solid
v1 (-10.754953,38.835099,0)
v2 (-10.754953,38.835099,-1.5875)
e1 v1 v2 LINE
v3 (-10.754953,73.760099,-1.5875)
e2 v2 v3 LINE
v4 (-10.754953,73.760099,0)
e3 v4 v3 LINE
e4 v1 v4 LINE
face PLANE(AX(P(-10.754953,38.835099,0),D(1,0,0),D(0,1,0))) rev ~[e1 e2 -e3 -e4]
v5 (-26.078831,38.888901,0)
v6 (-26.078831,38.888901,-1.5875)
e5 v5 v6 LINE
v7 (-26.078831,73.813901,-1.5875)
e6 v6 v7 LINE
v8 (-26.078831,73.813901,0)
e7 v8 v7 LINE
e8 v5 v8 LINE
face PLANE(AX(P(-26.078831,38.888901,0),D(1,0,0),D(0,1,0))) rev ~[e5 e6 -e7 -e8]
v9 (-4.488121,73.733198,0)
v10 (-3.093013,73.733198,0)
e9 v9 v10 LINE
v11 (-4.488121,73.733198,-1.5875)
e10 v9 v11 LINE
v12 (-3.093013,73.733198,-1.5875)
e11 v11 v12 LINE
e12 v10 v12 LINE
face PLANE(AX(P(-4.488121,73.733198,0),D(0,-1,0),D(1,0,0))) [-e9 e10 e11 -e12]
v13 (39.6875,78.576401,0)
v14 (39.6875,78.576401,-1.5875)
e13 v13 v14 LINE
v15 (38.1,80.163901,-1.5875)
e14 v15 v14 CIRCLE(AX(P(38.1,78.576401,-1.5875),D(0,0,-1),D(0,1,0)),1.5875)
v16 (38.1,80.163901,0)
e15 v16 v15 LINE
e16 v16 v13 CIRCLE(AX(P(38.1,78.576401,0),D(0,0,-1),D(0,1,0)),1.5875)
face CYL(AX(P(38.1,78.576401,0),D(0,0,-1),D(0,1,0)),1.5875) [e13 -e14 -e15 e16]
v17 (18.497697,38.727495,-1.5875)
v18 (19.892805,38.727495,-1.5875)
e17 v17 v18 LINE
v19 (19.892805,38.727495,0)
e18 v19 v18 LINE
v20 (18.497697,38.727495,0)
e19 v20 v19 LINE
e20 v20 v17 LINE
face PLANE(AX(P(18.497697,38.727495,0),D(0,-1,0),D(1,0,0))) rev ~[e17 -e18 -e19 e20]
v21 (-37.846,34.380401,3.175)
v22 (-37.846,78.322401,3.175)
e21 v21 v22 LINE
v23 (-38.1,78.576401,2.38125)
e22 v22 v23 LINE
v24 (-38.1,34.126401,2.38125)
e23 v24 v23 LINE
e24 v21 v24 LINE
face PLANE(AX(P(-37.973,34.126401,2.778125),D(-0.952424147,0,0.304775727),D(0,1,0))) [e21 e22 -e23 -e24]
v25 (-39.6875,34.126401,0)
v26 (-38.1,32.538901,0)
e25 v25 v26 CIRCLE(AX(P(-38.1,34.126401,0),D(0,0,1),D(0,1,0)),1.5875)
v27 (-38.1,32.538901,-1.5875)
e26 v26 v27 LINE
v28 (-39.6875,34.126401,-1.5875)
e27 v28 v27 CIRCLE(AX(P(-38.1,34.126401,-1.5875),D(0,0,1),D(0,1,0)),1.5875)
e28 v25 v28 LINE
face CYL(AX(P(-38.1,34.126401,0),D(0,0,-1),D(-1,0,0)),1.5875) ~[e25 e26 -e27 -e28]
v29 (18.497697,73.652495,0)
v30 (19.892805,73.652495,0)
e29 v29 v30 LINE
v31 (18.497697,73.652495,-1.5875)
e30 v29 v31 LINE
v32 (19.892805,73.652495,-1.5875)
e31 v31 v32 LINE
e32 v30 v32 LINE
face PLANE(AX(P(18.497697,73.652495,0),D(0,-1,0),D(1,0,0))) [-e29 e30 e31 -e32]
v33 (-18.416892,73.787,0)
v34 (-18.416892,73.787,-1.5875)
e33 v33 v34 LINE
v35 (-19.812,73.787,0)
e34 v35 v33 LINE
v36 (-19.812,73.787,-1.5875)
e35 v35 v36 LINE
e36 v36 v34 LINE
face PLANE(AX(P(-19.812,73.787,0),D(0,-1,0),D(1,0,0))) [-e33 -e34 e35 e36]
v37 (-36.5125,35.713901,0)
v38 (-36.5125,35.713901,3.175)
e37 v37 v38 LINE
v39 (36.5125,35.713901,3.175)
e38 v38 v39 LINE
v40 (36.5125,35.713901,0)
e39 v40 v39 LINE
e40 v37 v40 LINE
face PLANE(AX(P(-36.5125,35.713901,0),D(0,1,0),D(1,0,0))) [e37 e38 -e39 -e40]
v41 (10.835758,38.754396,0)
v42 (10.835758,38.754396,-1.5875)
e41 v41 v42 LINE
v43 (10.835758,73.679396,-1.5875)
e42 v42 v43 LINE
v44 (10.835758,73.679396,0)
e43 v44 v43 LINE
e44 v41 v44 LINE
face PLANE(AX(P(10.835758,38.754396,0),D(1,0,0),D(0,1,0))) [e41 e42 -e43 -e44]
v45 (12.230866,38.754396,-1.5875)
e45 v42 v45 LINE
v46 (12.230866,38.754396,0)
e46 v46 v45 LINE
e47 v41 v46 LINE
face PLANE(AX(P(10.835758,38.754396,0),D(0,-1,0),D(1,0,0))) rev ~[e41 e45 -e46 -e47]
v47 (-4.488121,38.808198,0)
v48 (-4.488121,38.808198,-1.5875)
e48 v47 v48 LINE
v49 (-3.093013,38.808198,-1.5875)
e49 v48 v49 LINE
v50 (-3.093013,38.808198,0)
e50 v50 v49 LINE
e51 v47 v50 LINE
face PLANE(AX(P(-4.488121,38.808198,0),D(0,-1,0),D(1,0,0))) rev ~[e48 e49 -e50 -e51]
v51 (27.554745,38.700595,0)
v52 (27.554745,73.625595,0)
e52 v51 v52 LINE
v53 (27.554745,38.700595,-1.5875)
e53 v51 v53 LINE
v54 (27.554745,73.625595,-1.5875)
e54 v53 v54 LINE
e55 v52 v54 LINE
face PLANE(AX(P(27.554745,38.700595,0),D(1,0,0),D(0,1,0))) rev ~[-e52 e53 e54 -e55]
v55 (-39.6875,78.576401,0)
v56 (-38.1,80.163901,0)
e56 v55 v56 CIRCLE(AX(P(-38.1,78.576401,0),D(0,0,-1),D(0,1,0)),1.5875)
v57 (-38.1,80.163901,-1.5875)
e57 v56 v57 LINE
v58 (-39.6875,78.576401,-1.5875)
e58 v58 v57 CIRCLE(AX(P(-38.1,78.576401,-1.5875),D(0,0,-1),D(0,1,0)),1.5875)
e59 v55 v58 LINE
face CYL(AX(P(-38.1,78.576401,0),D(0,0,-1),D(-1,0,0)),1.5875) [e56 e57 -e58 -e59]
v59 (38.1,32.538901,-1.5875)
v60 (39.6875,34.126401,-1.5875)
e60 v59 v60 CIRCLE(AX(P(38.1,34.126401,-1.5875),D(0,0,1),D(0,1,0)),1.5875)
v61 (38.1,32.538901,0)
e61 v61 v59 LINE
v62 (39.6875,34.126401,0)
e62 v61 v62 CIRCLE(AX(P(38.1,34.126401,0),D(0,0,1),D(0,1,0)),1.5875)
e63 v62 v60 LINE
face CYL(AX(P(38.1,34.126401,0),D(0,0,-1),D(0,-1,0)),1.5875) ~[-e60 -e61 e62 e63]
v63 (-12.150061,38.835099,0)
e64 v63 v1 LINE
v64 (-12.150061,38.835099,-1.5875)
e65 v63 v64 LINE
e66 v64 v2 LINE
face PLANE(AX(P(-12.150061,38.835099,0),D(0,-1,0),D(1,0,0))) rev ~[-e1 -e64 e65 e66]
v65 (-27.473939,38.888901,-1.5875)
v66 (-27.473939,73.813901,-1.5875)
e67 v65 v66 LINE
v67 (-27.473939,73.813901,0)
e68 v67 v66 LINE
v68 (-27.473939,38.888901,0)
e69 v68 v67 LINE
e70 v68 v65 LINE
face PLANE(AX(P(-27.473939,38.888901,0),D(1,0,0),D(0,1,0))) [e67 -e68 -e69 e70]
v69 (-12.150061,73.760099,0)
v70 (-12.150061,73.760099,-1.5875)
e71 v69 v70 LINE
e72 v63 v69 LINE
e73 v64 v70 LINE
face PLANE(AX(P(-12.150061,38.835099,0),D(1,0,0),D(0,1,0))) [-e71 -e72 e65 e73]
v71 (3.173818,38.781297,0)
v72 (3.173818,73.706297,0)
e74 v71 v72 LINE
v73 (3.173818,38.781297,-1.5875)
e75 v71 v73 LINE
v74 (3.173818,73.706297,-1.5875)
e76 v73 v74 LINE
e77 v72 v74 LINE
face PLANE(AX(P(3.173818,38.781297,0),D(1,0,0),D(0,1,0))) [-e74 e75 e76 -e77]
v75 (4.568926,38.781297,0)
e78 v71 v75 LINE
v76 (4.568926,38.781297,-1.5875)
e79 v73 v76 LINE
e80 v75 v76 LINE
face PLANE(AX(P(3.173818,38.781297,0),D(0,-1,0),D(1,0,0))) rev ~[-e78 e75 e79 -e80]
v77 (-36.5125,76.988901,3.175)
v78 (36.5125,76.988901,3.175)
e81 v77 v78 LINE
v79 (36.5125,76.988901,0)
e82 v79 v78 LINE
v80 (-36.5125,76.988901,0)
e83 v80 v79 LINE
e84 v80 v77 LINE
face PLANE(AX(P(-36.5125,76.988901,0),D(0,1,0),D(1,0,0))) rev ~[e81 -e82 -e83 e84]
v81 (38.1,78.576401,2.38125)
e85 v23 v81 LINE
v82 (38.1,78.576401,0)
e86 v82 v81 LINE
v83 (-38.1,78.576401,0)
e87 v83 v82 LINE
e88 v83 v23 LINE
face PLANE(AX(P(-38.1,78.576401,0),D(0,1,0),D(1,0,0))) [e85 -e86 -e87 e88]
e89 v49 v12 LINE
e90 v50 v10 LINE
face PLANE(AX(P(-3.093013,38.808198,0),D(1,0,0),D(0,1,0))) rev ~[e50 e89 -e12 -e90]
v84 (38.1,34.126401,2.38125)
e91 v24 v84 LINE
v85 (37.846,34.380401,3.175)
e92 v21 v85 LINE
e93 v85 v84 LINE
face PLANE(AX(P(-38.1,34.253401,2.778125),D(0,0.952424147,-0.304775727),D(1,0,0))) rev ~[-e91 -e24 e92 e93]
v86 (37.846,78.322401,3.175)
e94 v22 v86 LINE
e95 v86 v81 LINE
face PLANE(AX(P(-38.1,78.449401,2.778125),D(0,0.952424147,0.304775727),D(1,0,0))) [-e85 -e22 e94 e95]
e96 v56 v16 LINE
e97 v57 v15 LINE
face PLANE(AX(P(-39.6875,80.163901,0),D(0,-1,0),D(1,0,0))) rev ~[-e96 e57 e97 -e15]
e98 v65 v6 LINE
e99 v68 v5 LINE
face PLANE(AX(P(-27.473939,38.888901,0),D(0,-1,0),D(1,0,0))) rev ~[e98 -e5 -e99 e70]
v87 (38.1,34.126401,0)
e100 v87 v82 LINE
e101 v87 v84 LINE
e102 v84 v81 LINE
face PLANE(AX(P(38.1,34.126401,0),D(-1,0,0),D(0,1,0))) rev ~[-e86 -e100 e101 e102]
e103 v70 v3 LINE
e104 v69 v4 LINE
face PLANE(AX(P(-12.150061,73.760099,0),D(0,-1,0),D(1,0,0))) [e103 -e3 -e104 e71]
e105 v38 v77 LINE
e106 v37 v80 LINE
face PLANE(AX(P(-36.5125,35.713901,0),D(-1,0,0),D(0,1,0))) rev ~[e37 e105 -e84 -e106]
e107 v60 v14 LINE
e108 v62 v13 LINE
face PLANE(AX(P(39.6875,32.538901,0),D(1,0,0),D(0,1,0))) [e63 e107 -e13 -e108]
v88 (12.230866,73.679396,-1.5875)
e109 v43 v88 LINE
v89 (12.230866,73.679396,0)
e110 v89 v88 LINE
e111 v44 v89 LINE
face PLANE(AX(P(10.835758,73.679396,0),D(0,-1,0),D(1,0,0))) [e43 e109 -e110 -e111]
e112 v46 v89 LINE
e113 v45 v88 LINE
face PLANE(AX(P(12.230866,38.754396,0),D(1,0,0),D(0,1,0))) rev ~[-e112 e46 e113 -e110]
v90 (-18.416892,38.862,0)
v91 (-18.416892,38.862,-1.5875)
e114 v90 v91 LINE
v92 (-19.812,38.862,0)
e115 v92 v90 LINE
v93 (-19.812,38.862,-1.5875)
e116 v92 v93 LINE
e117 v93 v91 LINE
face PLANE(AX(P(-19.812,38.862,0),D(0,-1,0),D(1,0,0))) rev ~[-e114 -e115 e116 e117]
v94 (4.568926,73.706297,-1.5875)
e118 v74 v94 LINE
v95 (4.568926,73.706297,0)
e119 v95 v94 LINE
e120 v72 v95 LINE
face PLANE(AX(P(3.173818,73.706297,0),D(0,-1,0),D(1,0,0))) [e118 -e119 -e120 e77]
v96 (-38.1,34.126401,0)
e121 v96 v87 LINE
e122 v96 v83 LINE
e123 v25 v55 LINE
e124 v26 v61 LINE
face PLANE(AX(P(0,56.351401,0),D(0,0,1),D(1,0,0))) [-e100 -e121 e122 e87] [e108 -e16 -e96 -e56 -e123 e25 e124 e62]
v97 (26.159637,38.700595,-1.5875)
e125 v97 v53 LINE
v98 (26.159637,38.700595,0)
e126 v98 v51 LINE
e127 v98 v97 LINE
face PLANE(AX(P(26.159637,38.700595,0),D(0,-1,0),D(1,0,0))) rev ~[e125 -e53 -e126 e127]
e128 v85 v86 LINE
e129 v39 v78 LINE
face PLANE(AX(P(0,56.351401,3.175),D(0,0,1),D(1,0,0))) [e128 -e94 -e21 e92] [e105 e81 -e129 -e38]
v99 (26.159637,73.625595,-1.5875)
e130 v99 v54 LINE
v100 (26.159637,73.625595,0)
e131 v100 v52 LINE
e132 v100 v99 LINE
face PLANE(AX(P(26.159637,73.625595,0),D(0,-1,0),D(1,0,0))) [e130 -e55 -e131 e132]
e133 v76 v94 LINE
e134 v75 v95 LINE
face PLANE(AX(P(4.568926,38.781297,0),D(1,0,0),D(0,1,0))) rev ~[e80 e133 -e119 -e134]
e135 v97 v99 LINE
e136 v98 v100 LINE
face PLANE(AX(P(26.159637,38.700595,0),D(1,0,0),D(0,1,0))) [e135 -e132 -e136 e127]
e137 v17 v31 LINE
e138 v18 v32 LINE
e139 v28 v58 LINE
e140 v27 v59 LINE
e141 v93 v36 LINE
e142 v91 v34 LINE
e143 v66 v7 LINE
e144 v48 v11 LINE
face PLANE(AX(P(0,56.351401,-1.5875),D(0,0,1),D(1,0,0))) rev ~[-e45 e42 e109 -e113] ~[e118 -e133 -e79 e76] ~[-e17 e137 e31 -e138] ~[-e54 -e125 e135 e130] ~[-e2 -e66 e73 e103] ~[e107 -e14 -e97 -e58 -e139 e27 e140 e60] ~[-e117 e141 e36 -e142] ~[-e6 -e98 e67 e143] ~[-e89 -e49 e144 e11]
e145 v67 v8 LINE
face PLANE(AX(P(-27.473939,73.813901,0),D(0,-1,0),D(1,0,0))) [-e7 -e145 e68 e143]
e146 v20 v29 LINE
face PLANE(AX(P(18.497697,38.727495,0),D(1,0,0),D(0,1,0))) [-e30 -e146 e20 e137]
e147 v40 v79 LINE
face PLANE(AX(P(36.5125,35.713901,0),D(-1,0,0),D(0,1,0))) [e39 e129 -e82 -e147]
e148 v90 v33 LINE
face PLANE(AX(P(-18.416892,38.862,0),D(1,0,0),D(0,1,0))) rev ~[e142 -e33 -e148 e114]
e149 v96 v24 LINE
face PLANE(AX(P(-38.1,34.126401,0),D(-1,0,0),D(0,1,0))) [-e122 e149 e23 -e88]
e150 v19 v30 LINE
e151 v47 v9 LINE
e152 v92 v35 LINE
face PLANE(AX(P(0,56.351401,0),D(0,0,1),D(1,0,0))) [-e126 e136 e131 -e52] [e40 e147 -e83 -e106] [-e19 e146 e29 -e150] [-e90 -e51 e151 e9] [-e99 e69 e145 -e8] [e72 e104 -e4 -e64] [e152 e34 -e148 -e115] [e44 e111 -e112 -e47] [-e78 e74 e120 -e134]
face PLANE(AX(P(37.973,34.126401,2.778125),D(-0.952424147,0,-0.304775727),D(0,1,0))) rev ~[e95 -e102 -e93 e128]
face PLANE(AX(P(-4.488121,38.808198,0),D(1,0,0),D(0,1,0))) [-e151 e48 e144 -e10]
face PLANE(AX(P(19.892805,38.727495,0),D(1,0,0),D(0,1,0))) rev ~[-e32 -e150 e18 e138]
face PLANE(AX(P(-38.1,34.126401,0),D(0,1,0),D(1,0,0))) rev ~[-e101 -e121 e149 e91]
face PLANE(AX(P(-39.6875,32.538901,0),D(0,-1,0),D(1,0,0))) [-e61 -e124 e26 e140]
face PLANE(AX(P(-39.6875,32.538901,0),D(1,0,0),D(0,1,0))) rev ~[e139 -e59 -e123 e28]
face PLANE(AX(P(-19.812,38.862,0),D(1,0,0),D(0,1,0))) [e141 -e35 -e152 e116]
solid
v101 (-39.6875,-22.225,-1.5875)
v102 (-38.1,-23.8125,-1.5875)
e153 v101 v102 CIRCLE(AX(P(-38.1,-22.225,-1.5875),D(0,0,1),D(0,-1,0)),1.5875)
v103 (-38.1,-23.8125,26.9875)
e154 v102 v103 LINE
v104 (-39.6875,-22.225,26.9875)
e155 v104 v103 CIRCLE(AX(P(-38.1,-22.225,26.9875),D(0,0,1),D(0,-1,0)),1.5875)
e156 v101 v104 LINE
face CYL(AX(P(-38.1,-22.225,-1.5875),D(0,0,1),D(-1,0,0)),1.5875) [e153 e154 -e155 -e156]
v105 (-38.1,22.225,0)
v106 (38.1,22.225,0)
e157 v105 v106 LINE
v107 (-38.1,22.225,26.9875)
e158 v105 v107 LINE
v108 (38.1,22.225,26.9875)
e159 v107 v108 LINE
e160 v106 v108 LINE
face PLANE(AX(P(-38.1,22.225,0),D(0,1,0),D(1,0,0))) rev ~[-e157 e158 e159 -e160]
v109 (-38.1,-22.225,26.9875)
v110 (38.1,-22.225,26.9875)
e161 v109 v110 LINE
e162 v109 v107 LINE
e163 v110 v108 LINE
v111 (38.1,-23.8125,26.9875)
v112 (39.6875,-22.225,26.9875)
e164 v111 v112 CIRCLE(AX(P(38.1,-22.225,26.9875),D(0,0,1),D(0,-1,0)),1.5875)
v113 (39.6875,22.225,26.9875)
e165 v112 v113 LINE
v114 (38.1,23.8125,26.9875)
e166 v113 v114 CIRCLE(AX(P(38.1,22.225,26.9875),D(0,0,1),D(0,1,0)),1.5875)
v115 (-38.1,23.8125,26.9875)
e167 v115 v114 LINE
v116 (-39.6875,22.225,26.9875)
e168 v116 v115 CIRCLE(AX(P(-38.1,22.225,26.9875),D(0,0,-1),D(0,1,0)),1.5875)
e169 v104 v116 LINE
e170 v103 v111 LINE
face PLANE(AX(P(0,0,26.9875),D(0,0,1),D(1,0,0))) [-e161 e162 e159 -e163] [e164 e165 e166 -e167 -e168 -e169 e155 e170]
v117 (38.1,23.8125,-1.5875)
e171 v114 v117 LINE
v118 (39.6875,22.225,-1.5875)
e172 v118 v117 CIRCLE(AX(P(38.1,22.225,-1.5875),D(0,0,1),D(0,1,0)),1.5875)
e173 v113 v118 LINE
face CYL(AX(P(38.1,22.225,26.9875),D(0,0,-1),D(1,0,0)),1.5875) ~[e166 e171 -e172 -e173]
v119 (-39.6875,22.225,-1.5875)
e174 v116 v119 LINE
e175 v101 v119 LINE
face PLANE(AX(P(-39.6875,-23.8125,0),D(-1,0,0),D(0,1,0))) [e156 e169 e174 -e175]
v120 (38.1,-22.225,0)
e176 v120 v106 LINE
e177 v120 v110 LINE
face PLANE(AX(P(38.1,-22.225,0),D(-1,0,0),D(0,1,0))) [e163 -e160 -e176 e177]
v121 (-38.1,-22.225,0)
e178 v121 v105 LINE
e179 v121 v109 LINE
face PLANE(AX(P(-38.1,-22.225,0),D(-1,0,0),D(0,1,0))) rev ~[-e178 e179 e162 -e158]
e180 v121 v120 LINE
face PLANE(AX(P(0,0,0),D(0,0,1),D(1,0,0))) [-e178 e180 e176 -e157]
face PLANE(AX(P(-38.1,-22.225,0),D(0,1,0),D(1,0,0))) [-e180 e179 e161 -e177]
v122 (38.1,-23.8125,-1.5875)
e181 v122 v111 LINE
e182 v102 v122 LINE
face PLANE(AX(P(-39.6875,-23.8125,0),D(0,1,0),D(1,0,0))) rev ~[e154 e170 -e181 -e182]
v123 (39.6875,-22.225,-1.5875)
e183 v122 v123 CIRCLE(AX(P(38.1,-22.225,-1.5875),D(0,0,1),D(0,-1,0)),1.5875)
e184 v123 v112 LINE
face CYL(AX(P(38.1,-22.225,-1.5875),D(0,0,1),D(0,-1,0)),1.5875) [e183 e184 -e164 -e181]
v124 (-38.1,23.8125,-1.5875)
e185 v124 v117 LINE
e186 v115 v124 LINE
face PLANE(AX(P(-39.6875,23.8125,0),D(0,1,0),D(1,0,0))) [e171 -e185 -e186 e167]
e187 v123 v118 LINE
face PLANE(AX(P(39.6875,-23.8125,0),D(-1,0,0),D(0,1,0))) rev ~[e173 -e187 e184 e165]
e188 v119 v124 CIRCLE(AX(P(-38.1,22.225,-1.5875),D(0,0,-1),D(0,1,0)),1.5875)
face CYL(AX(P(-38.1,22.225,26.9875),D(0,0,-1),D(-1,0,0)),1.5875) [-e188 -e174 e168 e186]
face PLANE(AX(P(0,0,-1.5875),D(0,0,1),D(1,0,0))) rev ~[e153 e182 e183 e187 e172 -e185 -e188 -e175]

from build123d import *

# Parameters (mm, degrees)
F0_W     = 79.375
F0_H     = 47.625
F0_W_2   = 76.2
F0_H_2   = 44.45
F1_DEPTH = 1.5875
F0_W_3   = 73.025
F0_H_3   = 41.275
F2_DEPTH = 26.9875
F3_DEPTH = 3.175
F4_R     = 1.5875
F4_2_R   = 1.5875
F5_SIZE2 = 0.79375
F5_SIZE  = 0.254
F6_W     = 1.3951079971
F6_H     = 34.925
F7_DEPTH = 1.5875


with BuildPart() as f1:
    # F0 (on Top) → F1 (new body)
    with BuildSketch(Plane.XY):
        Rectangle(F0_W, F0_H)
        Rectangle(F0_W_2, F0_H_2, mode=Mode.SUBTRACT)
        Rectangle(F0_W_2, F0_H_2)
    extrude(amount=-F1_DEPTH)

    # F0 (on Top) → F2 (join)
    with BuildSketch(Plane.XY):
        Rectangle(F0_W, F0_H)
        Rectangle(F0_W_2, F0_H_2, mode=Mode.SUBTRACT)
    extrude(amount=F2_DEPTH)

    # F4#2
    f4_2_edges = [f1.edges().sort_by_distance(p)[0] for p in [
        (39.6875, 23.8125, 12.7),
        (-39.6875, 23.8125, 12.7),
        (39.6875, -23.8125, 12.7),
        (-39.6875, -23.8125, 12.7),
    ]]
    fillet(f4_2_edges, radius=F4_2_R)


with BuildPart() as f1b:
    # F0 (on Top) → F1, piece 2 (new body)
    with BuildSketch(Plane.XY):
        with Locations((0, 56.3514009118)):
            Rectangle(F0_W, F0_H)
        with Locations((0, 56.3514009118)):
            Rectangle(F0_W_2, F0_H_2, mode=Mode.SUBTRACT)
        with Locations((0, 56.3514009118)):
            Rectangle(F0_W_2, F0_H_2)
        with Locations((0, 56.3514009118)):
            Rectangle(F0_W_3, F0_H_3, mode=Mode.SUBTRACT)
        with Locations((0, 56.3514009118)):
            Rectangle(F0_W_3, F0_H_3)
    extrude(amount=-F1_DEPTH)

    # F0 (on Top) → F3 (join)
    with BuildSketch(Plane.XY):
        with Locations((0, 56.3514009118)):
            Rectangle(F0_W_2, F0_H_2)
        with Locations((0, 56.3514009118)):
            Rectangle(F0_W_3, F0_H_3, mode=Mode.SUBTRACT)
    extrude(amount=F3_DEPTH)

    # F4
    f4_edges = [f1b.edges().sort_by_distance(p)[0] for p in [
        (-39.6875, 80.163901, -0.79375),
        (-39.6875, 32.538901, -0.79375),
        (39.6875, 80.163901, -0.79375),
        (39.6875, 32.538901, -0.79375),
    ]]
    fillet(f4_edges, radius=F4_R)

    # F5
    f5_edges = [f1b.edges().sort_by_distance(p)[0] for p in [
        (0, 78.576401, 3.175),
        (38.1, 56.351401, 3.175),
        (0, 34.126401, 3.175),
        (-38.1, 56.351401, 3.175),
    ]]
    f5_side = f1b.faces().sort_by_distance((0, 77.694231, 3.175))[0]
    chamfer(f5_edges, length=F5_SIZE, length2=F5_SIZE2, reference=f5_side)

    # F6 (on Top) → F7 (cut, through all)
    with BuildSketch(Plane.XY):
        with Locations((-26.7763854936, 56.3514009118)):
            Rectangle(F6_W, F6_H)
        with Locations((-19.1144460015, 56.3245)):
            Rectangle(F6_W, F6_H)
        with Locations((-11.4525065094, 56.2975990882)):
            Rectangle(F6_W, F6_H)
        with Locations((-3.7905670173, 56.2706981764)):
            Rectangle(F6_W, F6_H)
        with Locations((3.8713724749, 56.2437972646)):
            Rectangle(F6_W, F6_H)
        with Locations((11.533311967, 56.2168963528)):
            Rectangle(F6_W, F6_H)
        with Locations((19.1952514591, 56.189995441)):
            Rectangle(F6_W, F6_H)
        with Locations((26.8571909512, 56.1630945292)):
            Rectangle(F6_W, F6_H)
    extrude(amount=-F7_DEPTH, mode=Mode.SUBTRACT)


solid = Compound([f1.part, f1b.part])
